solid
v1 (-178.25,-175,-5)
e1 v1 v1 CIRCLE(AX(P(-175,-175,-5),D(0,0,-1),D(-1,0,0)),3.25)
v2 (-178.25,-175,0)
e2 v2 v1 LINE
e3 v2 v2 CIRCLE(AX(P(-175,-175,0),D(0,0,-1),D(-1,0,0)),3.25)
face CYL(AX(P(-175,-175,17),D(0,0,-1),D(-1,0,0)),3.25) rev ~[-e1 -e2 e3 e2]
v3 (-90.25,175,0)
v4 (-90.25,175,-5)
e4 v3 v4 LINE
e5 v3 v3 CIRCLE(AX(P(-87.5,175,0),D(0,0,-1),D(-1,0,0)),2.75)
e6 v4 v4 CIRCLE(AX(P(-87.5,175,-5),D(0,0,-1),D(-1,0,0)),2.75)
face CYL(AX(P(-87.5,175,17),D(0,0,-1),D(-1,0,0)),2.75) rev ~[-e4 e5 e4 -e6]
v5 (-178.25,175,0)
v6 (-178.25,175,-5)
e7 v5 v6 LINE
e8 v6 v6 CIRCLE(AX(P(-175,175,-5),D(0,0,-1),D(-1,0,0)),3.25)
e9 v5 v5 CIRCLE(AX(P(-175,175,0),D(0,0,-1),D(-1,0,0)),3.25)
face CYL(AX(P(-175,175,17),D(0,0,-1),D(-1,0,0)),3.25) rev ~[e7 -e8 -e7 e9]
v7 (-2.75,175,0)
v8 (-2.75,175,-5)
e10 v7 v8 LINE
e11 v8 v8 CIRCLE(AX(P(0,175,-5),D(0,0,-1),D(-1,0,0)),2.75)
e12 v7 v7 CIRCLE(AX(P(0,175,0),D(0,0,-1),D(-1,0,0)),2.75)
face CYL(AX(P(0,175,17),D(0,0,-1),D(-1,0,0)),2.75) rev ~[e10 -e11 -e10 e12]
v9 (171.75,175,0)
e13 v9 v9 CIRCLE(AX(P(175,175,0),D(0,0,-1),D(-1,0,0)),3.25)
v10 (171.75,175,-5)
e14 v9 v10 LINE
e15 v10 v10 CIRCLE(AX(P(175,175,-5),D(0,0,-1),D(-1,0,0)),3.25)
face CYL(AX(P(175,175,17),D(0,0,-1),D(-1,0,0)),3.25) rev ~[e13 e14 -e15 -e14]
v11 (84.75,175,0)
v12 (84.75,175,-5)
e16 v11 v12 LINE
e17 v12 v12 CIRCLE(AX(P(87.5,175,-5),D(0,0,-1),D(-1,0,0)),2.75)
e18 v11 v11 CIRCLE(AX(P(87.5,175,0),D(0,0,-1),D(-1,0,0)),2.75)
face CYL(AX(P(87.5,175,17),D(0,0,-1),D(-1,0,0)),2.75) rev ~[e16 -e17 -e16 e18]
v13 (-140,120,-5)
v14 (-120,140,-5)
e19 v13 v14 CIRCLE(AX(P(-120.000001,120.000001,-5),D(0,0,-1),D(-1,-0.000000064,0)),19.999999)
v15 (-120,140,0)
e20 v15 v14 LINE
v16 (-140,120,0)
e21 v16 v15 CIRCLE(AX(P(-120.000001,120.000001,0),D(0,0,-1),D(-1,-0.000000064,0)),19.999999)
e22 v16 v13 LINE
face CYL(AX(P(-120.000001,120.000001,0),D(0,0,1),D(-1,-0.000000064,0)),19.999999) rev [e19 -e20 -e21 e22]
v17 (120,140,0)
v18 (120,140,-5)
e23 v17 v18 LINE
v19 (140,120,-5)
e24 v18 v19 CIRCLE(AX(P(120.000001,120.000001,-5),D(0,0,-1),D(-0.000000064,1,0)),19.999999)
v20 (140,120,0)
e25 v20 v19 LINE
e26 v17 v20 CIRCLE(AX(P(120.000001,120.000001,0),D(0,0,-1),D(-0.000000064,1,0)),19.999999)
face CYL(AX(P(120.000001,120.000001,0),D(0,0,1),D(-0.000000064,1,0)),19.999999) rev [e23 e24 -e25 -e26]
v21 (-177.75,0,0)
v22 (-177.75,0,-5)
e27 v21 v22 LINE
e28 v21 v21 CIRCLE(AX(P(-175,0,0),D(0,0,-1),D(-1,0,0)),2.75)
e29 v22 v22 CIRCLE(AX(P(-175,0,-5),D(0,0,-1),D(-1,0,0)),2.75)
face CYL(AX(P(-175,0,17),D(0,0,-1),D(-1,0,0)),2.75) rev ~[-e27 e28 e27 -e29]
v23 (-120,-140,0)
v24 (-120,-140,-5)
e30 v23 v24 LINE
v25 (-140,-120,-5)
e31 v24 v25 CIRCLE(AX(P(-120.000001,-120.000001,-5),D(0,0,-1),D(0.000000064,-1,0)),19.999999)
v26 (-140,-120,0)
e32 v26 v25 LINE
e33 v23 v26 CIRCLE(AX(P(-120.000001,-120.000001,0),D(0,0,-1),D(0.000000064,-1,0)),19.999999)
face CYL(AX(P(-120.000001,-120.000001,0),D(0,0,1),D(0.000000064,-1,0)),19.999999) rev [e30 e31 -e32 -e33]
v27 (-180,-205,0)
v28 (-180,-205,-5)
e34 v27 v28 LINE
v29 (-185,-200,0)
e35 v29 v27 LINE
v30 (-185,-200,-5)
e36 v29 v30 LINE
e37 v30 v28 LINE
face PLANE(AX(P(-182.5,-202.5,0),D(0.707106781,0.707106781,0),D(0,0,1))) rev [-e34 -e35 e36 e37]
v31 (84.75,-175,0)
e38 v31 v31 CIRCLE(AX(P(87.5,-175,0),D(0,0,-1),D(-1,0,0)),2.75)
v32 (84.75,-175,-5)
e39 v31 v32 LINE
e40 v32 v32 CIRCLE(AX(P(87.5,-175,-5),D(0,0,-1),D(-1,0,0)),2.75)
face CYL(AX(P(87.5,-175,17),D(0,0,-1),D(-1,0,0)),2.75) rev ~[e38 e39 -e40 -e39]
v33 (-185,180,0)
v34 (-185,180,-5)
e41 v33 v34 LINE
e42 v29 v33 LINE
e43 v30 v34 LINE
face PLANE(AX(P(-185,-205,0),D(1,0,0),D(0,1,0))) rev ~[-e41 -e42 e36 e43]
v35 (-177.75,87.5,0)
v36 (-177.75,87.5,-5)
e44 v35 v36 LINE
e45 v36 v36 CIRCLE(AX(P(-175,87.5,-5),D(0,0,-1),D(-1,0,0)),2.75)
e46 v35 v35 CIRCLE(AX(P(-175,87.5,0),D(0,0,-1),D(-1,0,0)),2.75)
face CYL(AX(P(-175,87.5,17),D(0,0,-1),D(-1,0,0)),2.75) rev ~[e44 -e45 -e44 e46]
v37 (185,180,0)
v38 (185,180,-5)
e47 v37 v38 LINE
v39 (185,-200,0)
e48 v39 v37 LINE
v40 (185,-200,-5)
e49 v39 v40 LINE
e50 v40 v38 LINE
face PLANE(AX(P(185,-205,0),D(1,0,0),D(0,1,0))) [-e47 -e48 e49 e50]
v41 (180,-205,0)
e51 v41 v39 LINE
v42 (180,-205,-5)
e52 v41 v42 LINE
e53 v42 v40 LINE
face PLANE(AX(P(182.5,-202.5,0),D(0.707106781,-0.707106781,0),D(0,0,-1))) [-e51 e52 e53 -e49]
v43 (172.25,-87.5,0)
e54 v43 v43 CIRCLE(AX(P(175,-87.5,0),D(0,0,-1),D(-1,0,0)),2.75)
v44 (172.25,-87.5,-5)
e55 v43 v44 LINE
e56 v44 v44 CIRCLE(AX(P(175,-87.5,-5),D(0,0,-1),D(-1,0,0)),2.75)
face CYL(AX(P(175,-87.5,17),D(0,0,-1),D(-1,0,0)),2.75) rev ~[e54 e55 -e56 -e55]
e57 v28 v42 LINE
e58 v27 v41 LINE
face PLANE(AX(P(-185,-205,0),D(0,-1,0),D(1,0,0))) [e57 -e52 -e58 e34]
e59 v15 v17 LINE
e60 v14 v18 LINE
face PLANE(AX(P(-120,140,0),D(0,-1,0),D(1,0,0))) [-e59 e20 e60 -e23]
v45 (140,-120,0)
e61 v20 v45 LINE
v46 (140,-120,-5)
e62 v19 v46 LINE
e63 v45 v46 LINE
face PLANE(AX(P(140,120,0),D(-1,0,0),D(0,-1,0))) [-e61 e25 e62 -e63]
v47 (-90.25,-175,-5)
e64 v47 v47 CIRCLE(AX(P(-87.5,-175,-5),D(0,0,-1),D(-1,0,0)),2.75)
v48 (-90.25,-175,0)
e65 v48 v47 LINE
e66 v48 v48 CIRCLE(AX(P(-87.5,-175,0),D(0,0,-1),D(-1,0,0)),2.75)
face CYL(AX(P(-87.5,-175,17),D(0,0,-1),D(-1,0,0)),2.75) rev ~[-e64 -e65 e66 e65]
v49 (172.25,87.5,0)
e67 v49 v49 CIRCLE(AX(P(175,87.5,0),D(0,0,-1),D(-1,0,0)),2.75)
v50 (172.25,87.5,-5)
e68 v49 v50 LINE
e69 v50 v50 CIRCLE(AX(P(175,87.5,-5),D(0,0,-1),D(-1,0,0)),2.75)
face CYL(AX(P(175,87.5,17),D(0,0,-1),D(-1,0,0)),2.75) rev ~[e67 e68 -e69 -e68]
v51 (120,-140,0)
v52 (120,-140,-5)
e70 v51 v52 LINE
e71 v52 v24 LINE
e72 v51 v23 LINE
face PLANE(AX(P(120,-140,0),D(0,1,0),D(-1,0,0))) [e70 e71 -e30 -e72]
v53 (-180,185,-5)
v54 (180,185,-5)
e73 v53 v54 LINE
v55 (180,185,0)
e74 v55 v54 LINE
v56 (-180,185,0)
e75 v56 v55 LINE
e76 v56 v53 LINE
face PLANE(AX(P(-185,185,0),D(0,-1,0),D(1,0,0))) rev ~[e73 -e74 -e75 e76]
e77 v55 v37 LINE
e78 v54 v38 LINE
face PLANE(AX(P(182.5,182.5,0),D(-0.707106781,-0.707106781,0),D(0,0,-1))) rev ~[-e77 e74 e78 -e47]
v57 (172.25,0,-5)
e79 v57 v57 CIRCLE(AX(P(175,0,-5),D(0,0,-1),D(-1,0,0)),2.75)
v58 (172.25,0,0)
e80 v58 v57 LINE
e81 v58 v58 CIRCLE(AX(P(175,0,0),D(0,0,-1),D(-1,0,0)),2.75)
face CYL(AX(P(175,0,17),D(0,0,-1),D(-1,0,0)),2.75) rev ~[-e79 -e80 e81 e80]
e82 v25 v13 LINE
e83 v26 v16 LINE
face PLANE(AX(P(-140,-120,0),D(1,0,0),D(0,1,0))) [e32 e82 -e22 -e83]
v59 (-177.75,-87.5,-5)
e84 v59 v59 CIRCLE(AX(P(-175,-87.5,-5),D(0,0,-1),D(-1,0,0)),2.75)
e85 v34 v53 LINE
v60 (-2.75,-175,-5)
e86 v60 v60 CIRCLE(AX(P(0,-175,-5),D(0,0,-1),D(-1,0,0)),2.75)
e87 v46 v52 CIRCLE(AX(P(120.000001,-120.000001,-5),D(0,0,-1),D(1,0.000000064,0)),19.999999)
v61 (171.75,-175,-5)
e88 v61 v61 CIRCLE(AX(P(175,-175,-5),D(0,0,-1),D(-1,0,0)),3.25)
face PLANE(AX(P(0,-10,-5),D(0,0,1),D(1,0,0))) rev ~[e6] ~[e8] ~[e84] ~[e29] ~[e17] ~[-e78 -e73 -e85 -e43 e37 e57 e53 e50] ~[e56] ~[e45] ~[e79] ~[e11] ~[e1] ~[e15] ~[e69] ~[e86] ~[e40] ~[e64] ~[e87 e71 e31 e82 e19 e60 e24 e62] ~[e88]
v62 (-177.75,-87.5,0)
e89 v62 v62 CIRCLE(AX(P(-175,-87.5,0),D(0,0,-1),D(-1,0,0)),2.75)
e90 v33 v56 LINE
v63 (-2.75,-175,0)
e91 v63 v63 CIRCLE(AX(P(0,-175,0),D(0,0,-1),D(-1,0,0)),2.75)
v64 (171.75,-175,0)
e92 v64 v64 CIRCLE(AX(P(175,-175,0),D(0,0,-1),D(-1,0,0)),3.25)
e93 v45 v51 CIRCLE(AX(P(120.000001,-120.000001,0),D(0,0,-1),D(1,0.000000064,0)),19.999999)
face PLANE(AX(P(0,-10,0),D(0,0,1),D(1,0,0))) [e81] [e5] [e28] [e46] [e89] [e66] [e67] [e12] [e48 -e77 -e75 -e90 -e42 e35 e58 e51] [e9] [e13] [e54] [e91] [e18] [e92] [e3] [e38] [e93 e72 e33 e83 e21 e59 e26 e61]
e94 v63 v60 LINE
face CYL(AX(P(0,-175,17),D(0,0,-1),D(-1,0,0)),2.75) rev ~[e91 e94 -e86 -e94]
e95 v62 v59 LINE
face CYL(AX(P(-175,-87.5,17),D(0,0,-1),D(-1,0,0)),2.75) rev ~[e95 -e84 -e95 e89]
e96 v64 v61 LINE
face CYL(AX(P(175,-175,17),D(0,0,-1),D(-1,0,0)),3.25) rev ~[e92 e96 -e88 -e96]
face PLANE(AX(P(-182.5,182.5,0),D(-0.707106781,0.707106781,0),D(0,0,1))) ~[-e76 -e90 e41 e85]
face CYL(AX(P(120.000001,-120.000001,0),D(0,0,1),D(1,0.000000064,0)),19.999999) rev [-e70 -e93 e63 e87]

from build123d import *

# Parameters (mm, degrees)
F0_W     = 370
F0_H     = 390
F1_DEPTH = 5
F2_D     = 5.5
F2_DEPTH = 17
F3_D     = 6.5
F3_DEPTH = 17
F4_SIZE  = 5


with BuildPart() as f1:
    # F0 (on Top) → F1 (new body)
    with BuildSketch(Plane.XY):
        with Locations((0, -10)):
            Rectangle(F0_W, F0_H)
        with BuildLine():
            ThreePointArc((-140, 120), (-134.142136, 134.142136), (-120, 140))
            Line((-120, 140), (120, 140))
            ThreePointArc((120, 140), (134.142136, 134.142136), (140, 120))
            Line((140, 120), (140, -120))
            ThreePointArc((140, -120), (134.142136, -134.142136), (120, -140))
            Line((120, -140), (-120, -140))
            ThreePointArc((-120, -140), (-134.142136, -134.142136), (-140, -120))
            Line((-140, -120), (-140, 120))
        make_face(mode=Mode.SUBTRACT)
    extrude(amount=-F1_DEPTH)

    # F2
    with Locations(Plane.XY):
        with Locations((-175, 87.5), (-175, 0), (-175, -87.5), (-87.5, -175), (0, -175), (87.5, -175), (175, -87.5), (175, 87.5), (87.5, 175), (0, 175), (-87.5, 175), (175, 0)):
            Hole(F2_D / 2, depth=F2_DEPTH)

    # F3
    with Locations(Plane.XY):
        with Locations((-175, -175), (-175, 175), (175, 175), (175, -175)):
            Hole(F3_D / 2, depth=F3_DEPTH)

    # F4
    f4_edges = [f1.edges().sort_by_distance(p)[0] for p in [
        (-185, -205, -2.5),
        (185, -205, -2.5),
        (185, 185, -2.5),
        (-185, 185, -2.5),
    ]]
    chamfer(f4_edges, length=F4_SIZE)


solid = f1.part
